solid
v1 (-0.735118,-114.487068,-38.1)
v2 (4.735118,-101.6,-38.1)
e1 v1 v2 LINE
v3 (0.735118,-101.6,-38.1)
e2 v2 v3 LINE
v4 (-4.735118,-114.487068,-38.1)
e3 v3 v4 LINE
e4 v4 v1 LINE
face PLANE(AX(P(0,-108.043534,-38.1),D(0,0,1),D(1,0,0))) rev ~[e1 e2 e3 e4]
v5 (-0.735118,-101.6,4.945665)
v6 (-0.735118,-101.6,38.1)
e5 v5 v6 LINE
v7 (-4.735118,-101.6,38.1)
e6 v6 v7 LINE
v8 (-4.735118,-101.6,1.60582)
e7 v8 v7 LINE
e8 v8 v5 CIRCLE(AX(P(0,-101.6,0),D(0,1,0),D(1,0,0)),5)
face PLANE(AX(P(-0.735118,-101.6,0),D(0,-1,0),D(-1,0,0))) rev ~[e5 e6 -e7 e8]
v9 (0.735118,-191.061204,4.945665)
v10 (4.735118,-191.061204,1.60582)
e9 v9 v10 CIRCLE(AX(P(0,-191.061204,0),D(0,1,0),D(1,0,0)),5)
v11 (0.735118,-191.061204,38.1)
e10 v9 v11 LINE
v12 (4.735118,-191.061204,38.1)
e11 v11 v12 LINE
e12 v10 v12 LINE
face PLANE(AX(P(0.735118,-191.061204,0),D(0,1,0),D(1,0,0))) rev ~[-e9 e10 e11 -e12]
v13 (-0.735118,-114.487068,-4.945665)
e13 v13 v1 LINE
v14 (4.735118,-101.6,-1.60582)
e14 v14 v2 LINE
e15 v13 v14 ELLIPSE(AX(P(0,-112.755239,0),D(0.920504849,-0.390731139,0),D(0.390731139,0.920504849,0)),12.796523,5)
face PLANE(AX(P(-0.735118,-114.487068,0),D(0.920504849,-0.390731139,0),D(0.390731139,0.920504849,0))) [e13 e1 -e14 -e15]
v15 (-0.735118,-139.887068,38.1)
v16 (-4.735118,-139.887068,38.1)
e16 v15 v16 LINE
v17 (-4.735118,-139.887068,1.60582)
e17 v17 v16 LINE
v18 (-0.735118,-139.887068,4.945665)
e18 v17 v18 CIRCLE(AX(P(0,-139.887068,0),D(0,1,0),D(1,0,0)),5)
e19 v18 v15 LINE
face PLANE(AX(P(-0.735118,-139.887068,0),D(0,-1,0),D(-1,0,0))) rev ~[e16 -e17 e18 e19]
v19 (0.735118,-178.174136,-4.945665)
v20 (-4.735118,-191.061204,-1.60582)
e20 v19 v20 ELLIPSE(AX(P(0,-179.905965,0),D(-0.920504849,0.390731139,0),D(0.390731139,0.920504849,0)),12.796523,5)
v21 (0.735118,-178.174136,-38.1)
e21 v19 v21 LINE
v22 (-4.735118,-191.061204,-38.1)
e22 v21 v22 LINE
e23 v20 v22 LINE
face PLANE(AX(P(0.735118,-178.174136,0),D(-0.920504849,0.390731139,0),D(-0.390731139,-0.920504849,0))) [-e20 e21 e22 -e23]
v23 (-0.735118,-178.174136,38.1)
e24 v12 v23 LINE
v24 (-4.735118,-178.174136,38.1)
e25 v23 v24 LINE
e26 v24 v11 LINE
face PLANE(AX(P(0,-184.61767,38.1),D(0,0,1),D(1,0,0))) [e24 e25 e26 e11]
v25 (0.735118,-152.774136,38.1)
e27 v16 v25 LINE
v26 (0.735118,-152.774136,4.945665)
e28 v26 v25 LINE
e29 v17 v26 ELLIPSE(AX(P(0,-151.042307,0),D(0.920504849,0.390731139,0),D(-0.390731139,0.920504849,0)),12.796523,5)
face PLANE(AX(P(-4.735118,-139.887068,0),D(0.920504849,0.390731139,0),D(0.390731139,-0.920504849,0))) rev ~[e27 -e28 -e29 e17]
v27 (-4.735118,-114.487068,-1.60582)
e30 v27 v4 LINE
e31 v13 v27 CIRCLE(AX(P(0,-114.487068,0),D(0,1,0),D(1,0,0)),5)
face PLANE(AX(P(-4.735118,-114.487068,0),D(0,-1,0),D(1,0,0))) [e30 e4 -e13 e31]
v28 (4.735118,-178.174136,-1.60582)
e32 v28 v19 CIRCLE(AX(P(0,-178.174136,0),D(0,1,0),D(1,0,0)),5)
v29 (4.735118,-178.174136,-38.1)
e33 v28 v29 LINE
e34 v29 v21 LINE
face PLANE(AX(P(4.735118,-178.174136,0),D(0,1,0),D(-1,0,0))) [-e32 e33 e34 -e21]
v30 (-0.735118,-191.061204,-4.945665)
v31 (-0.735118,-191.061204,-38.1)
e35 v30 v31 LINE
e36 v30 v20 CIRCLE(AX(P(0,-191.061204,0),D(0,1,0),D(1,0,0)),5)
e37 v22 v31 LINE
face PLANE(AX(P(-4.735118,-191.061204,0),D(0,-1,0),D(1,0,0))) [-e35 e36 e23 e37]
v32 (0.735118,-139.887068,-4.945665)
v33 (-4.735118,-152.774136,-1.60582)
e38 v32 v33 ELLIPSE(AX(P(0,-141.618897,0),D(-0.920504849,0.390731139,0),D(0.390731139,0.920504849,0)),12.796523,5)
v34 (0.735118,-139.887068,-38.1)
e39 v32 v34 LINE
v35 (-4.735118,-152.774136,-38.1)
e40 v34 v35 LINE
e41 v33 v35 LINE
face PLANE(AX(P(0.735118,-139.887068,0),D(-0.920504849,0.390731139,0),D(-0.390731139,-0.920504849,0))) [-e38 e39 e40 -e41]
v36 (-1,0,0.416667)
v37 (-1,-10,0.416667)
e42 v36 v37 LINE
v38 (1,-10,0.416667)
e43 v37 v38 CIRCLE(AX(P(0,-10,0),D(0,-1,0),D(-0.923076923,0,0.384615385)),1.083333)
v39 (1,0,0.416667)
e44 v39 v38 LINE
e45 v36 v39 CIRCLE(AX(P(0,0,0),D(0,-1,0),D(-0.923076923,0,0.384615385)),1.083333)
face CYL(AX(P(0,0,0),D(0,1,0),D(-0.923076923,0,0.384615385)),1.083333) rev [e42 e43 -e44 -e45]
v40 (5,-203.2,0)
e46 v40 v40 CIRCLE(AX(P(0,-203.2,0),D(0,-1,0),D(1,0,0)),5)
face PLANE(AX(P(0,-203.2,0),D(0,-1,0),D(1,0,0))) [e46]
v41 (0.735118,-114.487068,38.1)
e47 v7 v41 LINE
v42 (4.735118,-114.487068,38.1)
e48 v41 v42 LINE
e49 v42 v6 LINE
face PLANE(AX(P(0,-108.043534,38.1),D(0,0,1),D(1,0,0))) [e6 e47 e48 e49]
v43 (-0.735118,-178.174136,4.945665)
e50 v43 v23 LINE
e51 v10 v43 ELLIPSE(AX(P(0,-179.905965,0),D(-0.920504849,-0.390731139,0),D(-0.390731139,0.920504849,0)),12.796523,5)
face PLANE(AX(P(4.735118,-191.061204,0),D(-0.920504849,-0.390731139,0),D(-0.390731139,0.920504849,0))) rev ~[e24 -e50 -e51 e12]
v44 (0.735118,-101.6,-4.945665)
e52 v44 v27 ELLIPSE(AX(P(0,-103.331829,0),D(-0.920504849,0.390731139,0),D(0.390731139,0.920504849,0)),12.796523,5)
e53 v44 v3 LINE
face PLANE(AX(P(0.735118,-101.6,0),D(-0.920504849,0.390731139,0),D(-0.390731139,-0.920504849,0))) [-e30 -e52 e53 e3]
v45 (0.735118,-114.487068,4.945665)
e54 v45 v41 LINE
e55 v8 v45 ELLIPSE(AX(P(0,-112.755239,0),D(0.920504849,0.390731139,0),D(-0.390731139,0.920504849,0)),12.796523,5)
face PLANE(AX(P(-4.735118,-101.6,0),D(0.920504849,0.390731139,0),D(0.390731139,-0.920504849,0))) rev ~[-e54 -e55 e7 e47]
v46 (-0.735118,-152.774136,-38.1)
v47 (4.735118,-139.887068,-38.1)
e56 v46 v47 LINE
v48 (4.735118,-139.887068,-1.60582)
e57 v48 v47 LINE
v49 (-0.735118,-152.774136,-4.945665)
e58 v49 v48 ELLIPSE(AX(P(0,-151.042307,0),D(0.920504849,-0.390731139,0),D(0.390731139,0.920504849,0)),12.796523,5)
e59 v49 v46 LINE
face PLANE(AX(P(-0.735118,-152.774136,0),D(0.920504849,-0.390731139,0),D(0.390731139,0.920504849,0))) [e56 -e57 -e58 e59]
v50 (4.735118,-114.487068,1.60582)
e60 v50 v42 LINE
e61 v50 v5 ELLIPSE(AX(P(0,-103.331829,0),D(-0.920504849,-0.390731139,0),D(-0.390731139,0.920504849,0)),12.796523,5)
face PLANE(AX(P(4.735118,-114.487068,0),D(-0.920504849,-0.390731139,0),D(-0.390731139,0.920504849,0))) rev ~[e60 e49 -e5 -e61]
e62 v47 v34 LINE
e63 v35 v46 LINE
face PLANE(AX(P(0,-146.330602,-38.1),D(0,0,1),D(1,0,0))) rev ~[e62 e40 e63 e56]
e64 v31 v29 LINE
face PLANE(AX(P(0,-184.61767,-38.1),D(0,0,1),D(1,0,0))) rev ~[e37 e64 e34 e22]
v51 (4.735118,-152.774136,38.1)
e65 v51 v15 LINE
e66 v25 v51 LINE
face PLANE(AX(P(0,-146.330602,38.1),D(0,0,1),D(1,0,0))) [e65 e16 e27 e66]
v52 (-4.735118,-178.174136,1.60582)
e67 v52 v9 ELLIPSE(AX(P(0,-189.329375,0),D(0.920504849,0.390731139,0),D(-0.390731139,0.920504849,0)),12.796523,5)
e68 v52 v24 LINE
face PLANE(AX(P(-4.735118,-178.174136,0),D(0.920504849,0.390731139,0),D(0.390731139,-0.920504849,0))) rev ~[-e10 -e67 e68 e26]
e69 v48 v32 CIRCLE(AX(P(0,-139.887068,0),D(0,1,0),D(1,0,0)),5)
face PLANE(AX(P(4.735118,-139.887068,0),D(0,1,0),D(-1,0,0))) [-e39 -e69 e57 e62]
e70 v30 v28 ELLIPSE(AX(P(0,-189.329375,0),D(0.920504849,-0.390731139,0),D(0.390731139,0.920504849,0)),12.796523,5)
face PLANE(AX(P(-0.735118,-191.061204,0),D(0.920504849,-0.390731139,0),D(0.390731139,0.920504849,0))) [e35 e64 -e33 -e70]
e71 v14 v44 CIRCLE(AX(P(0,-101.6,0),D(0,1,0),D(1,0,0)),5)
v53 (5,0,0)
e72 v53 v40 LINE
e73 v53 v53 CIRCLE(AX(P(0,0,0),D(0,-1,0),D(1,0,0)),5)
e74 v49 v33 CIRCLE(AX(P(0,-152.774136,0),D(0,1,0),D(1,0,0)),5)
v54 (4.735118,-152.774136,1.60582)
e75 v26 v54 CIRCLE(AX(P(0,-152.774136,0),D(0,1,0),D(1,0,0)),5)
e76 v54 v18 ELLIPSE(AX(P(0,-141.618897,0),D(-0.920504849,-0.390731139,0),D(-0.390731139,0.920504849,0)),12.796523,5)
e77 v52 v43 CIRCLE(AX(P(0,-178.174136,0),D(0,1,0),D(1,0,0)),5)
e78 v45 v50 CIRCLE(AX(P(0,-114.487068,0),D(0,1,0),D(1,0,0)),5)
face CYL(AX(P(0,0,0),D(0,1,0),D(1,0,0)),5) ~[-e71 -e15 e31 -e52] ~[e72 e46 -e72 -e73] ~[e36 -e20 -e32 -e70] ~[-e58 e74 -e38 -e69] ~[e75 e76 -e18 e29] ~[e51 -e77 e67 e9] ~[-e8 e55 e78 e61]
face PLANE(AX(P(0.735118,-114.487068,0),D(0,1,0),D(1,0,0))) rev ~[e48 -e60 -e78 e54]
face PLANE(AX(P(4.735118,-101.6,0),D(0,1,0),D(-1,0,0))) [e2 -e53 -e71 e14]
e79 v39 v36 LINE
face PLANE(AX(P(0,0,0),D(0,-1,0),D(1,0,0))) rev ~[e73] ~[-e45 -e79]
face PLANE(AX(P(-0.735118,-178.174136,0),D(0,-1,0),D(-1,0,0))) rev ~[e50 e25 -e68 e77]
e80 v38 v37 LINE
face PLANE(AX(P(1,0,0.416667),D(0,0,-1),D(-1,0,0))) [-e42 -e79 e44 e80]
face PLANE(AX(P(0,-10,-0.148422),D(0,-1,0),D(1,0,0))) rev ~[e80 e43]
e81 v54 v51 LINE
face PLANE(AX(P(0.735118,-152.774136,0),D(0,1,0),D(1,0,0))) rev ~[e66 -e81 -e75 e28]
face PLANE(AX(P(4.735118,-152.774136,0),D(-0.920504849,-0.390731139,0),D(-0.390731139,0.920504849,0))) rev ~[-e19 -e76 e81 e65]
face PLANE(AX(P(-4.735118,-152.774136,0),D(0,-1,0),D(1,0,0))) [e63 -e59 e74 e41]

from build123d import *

# Parameters (mm, degrees)
F0_R     = 5
F1_DEPTH = 203.2
F3_DEPTH = 38.1
F5_DEPTH = 38.1
F7_DEPTH = 10


with BuildPart() as f1:
    # F0 (on Front) → F1 (new body)
    with BuildSketch(Plane.XZ):
        Circle(F0_R)
    extrude(amount=F1_DEPTH)

    # F2 (on Top) → F3 (join)
    with BuildSketch(Plane.XY):
        Polygon((0.735118, -114.487068), (4.735118, -114.487068), (-0.735118, -101.6), (-4.735118, -101.6), align=None)
        Polygon((4.735118, -152.774136), (-0.735118, -139.887068), (-4.735118, -139.887068), (0.735118, -152.774136), align=None)
        Polygon((4.735118, -191.061204), (-0.735118, -178.174136), (-4.735118, -178.174136), (0.735118, -191.061204), align=None)
    extrude(amount=F3_DEPTH)

    # F4 (on Top) → F5 (join)
    with BuildSketch(Plane.XY):
        Polygon((-4.735118, -114.487068), (-0.735118, -114.487068), (4.735118, -101.6), (0.735118, -101.6), align=None)
        Polygon((-4.735118, -152.774136), (-0.735118, -152.774136), (4.735118, -139.887068), (0.735118, -139.887068), align=None)
        Polygon((-4.735118, -191.061204), (-0.735118, -191.061204), (4.735118, -178.174136), (0.735118, -178.174136), align=None)
    extrude(amount=-F5_DEPTH)

    # F6 (on Front) → F7 (cut)
    with BuildSketch(Plane.XZ):
        with BuildLine():
            Line((1, 0.416667), (-1, 0.416667))
            ThreePointArc((-1, 0.416667), (0, -1.083333), (1, 0.416667))
        make_face()
    extrude(amount=F7_DEPTH, mode=Mode.SUBTRACT)


solid = f1.part
